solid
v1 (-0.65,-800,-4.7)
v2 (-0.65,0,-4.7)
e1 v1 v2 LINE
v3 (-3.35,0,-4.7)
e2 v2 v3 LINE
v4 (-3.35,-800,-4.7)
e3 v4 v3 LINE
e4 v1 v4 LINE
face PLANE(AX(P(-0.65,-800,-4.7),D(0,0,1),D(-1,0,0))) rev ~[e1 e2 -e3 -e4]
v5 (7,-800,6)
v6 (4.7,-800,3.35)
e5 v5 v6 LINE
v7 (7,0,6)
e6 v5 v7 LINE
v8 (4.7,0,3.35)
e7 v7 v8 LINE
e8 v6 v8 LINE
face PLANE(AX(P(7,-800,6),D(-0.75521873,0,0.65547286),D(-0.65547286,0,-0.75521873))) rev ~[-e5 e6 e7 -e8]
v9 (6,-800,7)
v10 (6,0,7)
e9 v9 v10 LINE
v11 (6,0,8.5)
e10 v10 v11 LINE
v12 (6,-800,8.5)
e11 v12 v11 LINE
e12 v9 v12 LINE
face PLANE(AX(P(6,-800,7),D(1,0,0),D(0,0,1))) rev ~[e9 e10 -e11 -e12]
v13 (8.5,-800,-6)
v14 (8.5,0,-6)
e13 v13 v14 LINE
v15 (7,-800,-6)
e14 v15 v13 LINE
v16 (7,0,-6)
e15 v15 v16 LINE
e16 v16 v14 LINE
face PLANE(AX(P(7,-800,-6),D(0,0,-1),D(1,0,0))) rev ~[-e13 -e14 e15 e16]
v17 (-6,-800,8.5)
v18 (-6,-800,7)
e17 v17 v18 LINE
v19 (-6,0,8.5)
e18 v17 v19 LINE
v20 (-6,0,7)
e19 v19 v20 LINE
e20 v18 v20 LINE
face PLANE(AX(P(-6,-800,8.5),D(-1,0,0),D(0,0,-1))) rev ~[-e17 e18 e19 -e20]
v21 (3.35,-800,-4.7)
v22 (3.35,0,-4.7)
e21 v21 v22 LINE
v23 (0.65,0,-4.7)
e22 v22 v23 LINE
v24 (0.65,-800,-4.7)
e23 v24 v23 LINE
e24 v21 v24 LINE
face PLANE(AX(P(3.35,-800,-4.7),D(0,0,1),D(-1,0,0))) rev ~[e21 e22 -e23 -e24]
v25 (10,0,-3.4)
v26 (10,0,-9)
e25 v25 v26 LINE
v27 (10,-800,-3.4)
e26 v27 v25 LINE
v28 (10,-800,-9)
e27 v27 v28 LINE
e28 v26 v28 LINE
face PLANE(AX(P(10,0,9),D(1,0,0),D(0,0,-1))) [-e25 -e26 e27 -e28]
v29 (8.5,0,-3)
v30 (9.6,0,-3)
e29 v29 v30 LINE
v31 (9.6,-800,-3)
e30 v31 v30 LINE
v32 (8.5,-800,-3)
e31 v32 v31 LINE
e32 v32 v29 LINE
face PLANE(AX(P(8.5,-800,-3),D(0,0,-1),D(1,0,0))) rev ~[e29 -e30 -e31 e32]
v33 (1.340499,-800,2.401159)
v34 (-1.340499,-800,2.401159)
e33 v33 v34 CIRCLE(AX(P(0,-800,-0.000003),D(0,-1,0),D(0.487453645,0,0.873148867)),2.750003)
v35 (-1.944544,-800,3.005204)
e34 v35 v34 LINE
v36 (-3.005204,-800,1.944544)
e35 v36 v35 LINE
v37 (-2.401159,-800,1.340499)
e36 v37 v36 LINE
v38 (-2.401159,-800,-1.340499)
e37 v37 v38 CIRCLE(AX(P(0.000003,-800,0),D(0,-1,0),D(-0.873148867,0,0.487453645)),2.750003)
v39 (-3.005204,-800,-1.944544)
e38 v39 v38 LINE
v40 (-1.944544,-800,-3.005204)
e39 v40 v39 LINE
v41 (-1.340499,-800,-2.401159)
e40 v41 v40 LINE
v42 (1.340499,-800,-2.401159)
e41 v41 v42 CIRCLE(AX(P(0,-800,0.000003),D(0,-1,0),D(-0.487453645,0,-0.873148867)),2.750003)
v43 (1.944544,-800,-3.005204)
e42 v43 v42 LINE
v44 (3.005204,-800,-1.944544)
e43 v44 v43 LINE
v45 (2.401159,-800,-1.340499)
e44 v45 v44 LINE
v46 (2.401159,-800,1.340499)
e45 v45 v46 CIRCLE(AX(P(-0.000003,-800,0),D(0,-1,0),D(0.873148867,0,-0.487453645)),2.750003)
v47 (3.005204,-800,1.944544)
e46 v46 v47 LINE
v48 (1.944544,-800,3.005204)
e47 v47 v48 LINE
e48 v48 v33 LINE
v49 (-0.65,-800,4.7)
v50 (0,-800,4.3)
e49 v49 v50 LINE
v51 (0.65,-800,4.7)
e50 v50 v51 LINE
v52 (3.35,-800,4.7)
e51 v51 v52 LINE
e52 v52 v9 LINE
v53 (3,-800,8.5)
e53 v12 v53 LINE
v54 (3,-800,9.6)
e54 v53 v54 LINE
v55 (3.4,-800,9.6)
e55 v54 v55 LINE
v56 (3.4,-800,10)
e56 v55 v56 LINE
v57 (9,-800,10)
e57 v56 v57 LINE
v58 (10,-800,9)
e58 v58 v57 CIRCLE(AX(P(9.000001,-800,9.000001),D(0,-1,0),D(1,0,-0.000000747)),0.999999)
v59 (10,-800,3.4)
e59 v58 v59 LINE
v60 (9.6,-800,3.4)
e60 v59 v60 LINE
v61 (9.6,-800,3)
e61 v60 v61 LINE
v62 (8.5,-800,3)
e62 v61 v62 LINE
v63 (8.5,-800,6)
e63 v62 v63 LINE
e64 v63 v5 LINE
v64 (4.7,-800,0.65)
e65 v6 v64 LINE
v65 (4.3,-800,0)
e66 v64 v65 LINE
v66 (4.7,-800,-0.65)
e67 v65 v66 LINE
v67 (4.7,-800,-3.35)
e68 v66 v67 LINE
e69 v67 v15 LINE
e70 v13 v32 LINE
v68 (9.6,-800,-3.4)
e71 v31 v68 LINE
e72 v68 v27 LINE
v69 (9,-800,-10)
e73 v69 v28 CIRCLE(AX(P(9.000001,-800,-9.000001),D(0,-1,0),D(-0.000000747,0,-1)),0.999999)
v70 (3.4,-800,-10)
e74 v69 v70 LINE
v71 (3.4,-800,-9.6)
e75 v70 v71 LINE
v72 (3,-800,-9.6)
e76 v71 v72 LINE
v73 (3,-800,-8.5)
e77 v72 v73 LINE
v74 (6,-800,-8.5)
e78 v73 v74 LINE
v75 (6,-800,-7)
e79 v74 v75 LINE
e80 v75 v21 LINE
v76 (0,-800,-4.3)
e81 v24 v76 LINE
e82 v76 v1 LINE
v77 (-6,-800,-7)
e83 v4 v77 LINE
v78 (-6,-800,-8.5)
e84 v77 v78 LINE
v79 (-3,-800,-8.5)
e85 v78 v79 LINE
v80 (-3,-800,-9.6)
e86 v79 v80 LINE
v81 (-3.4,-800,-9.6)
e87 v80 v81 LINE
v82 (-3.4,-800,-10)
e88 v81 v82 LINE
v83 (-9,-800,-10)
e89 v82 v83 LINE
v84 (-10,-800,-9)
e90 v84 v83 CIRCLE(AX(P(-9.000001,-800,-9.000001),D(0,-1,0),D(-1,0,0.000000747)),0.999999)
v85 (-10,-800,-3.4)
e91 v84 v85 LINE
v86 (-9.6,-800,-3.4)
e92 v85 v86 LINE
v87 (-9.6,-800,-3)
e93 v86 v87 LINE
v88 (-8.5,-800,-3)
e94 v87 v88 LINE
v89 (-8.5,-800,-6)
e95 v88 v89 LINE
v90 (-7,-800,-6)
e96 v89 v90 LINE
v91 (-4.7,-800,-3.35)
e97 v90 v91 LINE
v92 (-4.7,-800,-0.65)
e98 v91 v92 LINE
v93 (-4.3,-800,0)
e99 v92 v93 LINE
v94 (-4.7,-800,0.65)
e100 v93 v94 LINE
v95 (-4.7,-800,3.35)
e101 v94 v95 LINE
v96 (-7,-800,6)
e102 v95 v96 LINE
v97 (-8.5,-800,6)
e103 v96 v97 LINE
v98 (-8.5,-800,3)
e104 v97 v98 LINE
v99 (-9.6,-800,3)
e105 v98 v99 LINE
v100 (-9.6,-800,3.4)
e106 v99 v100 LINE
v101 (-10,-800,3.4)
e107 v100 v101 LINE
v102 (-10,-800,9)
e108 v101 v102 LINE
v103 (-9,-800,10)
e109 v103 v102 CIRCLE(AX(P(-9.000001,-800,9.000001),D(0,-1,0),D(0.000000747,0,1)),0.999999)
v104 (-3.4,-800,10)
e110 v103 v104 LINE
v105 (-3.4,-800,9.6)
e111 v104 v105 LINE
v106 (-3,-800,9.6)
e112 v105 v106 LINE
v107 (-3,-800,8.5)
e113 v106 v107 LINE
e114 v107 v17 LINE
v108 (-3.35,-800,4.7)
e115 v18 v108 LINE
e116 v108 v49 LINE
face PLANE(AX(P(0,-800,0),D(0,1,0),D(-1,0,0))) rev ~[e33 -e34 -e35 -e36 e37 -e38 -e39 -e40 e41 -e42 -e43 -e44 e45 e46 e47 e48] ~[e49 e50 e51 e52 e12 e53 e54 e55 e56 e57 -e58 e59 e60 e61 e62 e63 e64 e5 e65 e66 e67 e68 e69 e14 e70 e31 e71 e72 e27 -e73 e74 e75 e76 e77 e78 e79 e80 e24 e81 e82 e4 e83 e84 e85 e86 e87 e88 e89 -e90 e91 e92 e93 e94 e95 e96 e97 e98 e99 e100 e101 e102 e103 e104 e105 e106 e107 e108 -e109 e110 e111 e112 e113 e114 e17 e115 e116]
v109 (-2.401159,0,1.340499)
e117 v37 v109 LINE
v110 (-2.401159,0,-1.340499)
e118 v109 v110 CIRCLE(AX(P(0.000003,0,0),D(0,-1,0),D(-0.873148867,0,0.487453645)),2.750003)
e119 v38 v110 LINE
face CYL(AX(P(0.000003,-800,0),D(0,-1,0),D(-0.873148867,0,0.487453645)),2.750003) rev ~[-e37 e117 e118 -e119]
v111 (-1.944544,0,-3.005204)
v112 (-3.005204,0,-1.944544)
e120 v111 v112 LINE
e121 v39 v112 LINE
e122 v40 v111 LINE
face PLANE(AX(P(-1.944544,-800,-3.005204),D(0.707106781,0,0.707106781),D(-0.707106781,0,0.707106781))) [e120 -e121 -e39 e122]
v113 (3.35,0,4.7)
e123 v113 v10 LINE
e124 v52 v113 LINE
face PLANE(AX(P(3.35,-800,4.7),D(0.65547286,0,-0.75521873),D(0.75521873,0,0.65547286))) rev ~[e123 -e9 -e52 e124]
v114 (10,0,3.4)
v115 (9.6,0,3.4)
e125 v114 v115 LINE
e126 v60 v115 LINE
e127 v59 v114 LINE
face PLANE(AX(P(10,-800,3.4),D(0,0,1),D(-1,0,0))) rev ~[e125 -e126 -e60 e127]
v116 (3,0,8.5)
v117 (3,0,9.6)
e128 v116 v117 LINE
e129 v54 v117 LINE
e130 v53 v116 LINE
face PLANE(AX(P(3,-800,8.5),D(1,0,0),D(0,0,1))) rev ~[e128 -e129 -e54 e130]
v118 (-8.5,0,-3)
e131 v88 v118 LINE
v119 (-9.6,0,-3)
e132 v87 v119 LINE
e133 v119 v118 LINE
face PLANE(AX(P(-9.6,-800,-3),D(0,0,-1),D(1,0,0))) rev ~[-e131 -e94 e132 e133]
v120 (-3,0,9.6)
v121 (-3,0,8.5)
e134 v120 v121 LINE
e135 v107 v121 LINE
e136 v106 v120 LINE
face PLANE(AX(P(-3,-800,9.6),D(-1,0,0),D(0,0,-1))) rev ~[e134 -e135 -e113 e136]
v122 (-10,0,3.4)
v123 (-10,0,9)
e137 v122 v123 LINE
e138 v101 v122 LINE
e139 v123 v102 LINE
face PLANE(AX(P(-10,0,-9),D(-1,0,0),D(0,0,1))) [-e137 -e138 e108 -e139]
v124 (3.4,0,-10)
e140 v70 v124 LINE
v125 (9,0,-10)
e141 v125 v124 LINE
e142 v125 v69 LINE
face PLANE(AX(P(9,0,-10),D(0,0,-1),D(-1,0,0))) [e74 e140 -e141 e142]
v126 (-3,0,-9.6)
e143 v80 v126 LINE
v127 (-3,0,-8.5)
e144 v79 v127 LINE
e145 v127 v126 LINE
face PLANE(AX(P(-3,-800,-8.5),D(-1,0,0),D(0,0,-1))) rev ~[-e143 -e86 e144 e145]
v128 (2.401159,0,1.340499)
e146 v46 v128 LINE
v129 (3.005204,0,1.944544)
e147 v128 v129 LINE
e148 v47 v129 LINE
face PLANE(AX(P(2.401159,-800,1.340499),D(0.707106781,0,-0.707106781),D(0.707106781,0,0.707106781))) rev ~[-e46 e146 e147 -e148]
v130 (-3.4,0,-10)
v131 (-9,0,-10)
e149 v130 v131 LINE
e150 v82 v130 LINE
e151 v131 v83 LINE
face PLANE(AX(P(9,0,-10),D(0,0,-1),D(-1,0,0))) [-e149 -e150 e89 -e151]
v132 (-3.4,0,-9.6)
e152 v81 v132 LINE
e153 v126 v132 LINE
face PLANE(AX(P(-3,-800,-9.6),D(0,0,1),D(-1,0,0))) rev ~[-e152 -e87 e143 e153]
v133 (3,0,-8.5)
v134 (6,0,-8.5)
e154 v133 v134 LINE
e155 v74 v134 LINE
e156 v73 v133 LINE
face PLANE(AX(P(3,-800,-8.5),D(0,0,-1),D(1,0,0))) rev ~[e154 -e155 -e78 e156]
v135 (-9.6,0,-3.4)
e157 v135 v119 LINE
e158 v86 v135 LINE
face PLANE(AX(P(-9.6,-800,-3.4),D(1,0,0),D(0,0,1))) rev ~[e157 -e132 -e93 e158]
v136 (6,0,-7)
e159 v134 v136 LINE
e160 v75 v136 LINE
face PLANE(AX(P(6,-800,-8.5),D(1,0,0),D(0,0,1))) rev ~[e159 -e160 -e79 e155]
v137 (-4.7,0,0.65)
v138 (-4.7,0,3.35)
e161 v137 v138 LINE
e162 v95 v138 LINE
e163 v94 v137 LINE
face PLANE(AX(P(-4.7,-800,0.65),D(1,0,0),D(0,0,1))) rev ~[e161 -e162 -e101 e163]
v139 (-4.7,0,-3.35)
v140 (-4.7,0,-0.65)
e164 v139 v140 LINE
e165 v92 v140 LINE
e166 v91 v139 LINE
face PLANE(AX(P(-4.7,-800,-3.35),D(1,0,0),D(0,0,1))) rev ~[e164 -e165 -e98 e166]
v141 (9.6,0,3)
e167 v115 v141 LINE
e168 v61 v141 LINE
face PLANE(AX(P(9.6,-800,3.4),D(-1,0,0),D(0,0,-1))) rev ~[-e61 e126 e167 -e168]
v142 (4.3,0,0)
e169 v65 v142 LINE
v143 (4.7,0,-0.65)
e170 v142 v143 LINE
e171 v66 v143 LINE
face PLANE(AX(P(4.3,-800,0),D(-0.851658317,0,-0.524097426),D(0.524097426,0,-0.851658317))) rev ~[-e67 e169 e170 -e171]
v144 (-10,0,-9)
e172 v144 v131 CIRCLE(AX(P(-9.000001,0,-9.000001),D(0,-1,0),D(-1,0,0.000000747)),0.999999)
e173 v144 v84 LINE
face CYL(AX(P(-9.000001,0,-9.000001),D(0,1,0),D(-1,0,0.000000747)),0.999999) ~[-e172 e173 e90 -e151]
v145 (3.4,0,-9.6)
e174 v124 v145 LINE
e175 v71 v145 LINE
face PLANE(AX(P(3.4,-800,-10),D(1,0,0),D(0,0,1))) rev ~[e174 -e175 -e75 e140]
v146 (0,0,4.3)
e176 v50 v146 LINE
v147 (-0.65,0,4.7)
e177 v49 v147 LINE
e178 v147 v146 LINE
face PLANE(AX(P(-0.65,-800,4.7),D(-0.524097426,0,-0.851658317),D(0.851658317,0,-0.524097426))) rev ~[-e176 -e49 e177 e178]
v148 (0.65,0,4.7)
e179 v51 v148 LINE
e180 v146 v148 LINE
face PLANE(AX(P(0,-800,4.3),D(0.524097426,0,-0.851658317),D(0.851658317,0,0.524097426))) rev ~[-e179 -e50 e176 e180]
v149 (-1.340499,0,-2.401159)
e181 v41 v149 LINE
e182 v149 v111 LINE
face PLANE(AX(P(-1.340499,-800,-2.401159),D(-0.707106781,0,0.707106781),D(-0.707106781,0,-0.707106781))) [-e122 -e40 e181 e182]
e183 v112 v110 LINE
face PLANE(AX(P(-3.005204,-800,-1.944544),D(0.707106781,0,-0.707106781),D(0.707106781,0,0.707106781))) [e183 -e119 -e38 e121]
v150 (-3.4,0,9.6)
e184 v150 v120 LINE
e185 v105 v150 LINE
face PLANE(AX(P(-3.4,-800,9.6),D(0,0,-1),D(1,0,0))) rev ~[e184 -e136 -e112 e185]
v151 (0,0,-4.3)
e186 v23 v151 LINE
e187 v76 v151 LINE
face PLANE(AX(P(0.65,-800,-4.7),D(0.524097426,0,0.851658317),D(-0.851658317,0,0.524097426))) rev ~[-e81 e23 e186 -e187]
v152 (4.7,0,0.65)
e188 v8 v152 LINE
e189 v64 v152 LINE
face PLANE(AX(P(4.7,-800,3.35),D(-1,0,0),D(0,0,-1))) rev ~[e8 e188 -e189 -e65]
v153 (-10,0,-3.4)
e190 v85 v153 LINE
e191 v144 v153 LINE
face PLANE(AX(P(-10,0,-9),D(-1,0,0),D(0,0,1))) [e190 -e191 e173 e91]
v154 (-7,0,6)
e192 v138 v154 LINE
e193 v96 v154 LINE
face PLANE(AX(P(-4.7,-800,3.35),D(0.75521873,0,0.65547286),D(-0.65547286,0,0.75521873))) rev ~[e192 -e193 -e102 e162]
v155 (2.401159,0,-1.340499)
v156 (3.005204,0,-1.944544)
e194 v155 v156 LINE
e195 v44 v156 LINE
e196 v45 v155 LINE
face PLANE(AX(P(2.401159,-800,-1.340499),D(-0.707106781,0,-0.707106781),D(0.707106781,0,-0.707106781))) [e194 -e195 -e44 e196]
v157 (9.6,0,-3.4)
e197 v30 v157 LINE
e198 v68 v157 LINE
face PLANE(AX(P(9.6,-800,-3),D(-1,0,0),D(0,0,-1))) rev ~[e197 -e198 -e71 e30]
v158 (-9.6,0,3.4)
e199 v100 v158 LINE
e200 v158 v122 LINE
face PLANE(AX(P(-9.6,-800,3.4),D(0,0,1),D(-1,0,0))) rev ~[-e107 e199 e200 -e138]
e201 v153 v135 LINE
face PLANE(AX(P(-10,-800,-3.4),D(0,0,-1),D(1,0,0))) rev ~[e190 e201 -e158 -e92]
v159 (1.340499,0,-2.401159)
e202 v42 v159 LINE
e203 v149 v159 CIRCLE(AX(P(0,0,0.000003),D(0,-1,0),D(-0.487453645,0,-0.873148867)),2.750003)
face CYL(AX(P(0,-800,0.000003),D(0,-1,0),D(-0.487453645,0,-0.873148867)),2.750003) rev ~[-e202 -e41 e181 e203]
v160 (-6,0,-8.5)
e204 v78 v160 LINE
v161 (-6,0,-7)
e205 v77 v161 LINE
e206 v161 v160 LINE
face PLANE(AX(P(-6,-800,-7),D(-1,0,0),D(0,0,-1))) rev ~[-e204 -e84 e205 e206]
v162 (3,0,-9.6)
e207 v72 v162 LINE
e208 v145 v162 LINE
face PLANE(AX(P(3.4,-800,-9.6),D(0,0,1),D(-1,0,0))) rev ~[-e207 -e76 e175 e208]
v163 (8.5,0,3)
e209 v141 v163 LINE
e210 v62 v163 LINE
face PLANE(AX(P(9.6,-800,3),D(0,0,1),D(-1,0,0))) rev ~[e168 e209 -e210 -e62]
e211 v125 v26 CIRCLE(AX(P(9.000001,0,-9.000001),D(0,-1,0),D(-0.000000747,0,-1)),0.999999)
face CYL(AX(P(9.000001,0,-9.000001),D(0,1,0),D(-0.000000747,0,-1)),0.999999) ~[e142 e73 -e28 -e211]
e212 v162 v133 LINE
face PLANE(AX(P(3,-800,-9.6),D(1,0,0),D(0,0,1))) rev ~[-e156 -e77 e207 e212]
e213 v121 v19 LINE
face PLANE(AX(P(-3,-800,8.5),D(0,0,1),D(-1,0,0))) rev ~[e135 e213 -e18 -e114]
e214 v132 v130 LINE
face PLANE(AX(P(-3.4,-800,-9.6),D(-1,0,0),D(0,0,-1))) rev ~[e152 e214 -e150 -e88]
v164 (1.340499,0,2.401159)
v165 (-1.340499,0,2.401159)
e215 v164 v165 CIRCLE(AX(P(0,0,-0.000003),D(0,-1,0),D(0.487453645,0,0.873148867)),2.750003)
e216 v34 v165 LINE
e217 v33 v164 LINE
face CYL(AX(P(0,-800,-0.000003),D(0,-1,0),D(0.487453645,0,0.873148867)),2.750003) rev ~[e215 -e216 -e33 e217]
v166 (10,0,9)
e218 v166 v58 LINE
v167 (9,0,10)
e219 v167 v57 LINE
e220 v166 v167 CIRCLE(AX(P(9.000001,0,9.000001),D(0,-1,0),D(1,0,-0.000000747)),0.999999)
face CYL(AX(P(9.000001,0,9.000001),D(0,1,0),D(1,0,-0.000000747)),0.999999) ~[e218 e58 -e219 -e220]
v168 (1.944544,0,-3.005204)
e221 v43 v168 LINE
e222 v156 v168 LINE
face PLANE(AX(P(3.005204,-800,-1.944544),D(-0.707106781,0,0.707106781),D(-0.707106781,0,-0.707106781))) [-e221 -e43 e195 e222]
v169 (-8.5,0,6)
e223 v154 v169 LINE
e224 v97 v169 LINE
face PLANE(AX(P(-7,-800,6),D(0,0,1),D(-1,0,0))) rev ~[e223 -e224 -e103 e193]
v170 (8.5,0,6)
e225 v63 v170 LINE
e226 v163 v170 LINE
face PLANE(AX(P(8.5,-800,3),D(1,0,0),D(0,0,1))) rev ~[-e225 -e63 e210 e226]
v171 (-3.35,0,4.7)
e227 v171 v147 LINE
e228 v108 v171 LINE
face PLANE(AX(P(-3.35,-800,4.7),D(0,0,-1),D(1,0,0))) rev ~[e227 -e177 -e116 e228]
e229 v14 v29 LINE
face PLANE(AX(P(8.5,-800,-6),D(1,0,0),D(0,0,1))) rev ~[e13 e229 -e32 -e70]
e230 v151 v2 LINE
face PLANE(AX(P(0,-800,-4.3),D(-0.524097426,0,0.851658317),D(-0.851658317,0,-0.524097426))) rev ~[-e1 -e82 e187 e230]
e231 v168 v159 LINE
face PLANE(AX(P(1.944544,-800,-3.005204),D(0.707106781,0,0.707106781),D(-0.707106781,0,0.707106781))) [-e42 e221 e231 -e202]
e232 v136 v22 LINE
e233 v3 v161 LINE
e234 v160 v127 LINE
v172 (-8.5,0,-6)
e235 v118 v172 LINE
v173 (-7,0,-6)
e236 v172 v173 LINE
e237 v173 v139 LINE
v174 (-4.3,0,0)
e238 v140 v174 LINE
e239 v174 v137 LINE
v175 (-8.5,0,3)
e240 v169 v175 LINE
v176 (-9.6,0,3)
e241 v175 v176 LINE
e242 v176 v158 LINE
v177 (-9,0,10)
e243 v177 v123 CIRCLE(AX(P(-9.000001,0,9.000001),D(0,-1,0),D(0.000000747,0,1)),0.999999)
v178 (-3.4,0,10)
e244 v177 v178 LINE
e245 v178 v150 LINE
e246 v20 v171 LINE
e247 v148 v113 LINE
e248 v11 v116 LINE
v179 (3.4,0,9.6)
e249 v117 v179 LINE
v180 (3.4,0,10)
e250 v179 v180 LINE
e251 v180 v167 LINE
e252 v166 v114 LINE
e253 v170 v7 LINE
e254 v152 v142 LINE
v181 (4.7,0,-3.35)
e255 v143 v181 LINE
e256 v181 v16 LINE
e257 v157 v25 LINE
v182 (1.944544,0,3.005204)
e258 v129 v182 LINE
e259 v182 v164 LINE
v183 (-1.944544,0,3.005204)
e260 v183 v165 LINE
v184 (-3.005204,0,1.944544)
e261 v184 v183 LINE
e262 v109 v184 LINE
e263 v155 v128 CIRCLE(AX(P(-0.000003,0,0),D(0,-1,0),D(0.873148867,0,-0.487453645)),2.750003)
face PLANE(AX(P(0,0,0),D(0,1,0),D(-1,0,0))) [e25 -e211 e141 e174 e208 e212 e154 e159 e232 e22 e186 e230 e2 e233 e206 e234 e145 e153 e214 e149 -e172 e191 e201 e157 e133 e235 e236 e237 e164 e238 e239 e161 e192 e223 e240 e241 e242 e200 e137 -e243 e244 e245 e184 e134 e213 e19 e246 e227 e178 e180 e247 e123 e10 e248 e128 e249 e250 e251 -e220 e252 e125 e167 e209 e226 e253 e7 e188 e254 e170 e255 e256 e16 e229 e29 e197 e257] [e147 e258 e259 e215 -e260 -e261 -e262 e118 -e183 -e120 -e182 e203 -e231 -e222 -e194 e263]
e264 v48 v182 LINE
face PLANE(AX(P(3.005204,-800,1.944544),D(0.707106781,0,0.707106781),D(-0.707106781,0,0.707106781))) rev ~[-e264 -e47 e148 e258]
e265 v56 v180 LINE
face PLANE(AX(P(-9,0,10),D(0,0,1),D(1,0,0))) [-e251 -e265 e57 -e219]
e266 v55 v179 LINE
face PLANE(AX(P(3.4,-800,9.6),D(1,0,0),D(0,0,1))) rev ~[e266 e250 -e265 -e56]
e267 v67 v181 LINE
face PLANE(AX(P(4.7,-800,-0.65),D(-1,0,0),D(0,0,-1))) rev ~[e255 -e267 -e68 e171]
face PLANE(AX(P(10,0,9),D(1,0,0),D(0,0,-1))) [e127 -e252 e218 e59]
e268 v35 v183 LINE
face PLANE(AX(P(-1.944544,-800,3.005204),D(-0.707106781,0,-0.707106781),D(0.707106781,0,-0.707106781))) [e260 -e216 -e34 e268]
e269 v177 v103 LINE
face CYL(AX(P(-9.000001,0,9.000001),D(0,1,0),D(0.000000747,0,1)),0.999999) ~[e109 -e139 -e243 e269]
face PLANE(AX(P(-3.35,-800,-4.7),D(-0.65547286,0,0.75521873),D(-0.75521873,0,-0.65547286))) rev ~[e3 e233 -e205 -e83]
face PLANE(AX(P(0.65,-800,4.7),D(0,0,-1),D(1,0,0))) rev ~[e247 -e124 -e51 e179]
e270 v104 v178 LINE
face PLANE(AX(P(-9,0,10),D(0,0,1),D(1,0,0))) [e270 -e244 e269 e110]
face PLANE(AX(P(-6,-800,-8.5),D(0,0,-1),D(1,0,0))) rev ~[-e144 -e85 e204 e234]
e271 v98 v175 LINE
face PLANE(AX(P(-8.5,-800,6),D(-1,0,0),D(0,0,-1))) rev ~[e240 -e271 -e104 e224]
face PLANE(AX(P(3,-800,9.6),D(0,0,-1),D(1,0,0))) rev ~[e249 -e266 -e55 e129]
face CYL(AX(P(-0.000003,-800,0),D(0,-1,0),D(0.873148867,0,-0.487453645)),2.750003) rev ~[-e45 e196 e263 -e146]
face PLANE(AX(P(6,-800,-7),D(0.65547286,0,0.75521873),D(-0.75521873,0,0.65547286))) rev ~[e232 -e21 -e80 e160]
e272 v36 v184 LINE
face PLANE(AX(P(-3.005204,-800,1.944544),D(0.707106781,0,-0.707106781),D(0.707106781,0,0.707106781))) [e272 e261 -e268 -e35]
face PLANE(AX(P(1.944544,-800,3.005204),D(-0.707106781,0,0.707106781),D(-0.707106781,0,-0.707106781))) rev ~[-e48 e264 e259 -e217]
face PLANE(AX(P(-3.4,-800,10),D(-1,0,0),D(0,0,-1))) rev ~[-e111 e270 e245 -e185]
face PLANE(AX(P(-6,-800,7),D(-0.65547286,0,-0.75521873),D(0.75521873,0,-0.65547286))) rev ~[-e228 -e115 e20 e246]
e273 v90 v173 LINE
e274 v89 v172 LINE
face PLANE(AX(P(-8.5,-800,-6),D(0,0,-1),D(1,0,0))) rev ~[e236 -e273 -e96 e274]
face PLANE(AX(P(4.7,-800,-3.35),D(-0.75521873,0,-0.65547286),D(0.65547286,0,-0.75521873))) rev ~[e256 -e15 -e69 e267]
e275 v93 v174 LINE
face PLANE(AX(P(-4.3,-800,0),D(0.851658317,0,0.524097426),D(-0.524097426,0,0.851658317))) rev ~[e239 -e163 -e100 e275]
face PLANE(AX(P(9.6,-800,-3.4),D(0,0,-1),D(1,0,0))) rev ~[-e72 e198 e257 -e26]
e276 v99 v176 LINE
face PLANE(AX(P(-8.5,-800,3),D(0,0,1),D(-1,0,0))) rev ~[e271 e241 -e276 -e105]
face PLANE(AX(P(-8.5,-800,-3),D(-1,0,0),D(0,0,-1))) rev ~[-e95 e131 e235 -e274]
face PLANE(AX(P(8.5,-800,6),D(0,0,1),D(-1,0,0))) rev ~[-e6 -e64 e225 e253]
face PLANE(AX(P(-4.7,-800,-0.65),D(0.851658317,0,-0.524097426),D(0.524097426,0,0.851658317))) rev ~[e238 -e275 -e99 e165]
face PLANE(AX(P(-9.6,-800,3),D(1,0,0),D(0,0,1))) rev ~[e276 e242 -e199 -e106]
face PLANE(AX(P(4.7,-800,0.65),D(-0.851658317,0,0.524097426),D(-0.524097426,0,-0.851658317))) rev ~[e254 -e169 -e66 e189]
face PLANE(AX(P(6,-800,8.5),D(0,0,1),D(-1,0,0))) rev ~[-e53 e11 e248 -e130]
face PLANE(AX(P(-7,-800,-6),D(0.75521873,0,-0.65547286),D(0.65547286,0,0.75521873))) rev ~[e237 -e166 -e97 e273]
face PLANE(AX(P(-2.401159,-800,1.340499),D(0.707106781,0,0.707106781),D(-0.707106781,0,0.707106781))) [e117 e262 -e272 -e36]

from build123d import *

# Parameters (mm, degrees)
PAD_DEPTH          = 800
POCKET_DEPTH       = 800
POLARPATTERN_COUNT = 4
POCKET001_DEPTH    = 800


with BuildPart() as part:
    # Sketch → Pad (new body)
    with BuildSketch(Plane.XZ):
        with BuildLine():
            Line((-9, 10), (9, 10))
            ThreePointArc((10, 9), (9.707107, 9.707107), (9, 10))
            Line((10, 9), (10, -9))
            ThreePointArc((9, -10), (9.707107, -9.707107), (10, -9))
            Line((9, -10), (-9, -10))
            ThreePointArc((-10, -9), (-9.707107, -9.707107), (-9, -10))
            Line((-10, -9), (-10, 9))
            ThreePointArc((-9, 10), (-9.707107, 9.707107), (-10, 9))
        make_face()
    extrude(amount=PAD_DEPTH)

    # Sketch001 (on Face10 of Pad) → Pocket (cut)
    with BuildSketch(Plane.XZ.offset(800)):
        Polygon((-3.4, 10), (-3.4, 9.6), (-3, 9.6), (-3, 8.5), (-6, 8.5), (-6, 7), (-3.35, 4.7), (-0.65, 4.7), (0, 4.3), (0.65, 4.7), (3.35, 4.7), (6, 7), (6, 8.5), (3, 8.5), (3, 9.6), (3.4, 9.6), (3.4, 10), align=None)
    pocket = extrude(amount=-POCKET_DEPTH, mode=Mode.SUBTRACT)

    # PolarPattern: Pocket ×4 about axis
    polarpattern_axis = Axis((0, -800, 0), (0, -1, 0))
    for i in range(1, POLARPATTERN_COUNT):
        add(pocket.rotate(polarpattern_axis, i * 360 / POLARPATTERN_COUNT), mode=Mode.SUBTRACT)

    # Sketch002 (on Face4 of PolarPattern) → Pocket001 (cut)
    with BuildSketch(Plane.XZ.offset(800)):
        with BuildLine():
            ThreePointArc((1.340499, 2.401159), (0, 2.75), (-1.340499, 2.401159))
            Line((-1.944544, 3.005204), (-1.340499, 2.401159))
            Line((-3.005204, 1.944544), (-1.944544, 3.005204))
            Line((-2.401159, 1.340499), (-3.005204, 1.944544))
            ThreePointArc((-2.401159, 1.340499), (-2.75, 0), (-2.401159, -1.340499))
            Line((-3.005204, -1.944544), (-2.401159, -1.340499))
            Line((-1.944544, -3.005204), (-3.005204, -1.944544))
            Line((-1.340499, -2.401159), (-1.944544, -3.005204))
            ThreePointArc((-1.340499, -2.401159), (0, -2.75), (1.340499, -2.401159))
            Line((1.944544, -3.005204), (1.340499, -2.401159))
            Line((3.005204, -1.944544), (1.944544, -3.005204))
            Line((2.401159, -1.340499), (3.005204, -1.944544))
            ThreePointArc((2.401159, -1.340499), (2.75, 0), (2.401159, 1.340499))
            Line((2.401159, 1.340499), (3.005204, 1.944544))
            Line((3.005204, 1.944544), (1.944544, 3.005204))
            Line((1.944544, 3.005204), (1.340499, 2.401159))
        make_face()
    extrude(amount=-POCKET001_DEPTH, mode=Mode.SUBTRACT)


solid = part.part
